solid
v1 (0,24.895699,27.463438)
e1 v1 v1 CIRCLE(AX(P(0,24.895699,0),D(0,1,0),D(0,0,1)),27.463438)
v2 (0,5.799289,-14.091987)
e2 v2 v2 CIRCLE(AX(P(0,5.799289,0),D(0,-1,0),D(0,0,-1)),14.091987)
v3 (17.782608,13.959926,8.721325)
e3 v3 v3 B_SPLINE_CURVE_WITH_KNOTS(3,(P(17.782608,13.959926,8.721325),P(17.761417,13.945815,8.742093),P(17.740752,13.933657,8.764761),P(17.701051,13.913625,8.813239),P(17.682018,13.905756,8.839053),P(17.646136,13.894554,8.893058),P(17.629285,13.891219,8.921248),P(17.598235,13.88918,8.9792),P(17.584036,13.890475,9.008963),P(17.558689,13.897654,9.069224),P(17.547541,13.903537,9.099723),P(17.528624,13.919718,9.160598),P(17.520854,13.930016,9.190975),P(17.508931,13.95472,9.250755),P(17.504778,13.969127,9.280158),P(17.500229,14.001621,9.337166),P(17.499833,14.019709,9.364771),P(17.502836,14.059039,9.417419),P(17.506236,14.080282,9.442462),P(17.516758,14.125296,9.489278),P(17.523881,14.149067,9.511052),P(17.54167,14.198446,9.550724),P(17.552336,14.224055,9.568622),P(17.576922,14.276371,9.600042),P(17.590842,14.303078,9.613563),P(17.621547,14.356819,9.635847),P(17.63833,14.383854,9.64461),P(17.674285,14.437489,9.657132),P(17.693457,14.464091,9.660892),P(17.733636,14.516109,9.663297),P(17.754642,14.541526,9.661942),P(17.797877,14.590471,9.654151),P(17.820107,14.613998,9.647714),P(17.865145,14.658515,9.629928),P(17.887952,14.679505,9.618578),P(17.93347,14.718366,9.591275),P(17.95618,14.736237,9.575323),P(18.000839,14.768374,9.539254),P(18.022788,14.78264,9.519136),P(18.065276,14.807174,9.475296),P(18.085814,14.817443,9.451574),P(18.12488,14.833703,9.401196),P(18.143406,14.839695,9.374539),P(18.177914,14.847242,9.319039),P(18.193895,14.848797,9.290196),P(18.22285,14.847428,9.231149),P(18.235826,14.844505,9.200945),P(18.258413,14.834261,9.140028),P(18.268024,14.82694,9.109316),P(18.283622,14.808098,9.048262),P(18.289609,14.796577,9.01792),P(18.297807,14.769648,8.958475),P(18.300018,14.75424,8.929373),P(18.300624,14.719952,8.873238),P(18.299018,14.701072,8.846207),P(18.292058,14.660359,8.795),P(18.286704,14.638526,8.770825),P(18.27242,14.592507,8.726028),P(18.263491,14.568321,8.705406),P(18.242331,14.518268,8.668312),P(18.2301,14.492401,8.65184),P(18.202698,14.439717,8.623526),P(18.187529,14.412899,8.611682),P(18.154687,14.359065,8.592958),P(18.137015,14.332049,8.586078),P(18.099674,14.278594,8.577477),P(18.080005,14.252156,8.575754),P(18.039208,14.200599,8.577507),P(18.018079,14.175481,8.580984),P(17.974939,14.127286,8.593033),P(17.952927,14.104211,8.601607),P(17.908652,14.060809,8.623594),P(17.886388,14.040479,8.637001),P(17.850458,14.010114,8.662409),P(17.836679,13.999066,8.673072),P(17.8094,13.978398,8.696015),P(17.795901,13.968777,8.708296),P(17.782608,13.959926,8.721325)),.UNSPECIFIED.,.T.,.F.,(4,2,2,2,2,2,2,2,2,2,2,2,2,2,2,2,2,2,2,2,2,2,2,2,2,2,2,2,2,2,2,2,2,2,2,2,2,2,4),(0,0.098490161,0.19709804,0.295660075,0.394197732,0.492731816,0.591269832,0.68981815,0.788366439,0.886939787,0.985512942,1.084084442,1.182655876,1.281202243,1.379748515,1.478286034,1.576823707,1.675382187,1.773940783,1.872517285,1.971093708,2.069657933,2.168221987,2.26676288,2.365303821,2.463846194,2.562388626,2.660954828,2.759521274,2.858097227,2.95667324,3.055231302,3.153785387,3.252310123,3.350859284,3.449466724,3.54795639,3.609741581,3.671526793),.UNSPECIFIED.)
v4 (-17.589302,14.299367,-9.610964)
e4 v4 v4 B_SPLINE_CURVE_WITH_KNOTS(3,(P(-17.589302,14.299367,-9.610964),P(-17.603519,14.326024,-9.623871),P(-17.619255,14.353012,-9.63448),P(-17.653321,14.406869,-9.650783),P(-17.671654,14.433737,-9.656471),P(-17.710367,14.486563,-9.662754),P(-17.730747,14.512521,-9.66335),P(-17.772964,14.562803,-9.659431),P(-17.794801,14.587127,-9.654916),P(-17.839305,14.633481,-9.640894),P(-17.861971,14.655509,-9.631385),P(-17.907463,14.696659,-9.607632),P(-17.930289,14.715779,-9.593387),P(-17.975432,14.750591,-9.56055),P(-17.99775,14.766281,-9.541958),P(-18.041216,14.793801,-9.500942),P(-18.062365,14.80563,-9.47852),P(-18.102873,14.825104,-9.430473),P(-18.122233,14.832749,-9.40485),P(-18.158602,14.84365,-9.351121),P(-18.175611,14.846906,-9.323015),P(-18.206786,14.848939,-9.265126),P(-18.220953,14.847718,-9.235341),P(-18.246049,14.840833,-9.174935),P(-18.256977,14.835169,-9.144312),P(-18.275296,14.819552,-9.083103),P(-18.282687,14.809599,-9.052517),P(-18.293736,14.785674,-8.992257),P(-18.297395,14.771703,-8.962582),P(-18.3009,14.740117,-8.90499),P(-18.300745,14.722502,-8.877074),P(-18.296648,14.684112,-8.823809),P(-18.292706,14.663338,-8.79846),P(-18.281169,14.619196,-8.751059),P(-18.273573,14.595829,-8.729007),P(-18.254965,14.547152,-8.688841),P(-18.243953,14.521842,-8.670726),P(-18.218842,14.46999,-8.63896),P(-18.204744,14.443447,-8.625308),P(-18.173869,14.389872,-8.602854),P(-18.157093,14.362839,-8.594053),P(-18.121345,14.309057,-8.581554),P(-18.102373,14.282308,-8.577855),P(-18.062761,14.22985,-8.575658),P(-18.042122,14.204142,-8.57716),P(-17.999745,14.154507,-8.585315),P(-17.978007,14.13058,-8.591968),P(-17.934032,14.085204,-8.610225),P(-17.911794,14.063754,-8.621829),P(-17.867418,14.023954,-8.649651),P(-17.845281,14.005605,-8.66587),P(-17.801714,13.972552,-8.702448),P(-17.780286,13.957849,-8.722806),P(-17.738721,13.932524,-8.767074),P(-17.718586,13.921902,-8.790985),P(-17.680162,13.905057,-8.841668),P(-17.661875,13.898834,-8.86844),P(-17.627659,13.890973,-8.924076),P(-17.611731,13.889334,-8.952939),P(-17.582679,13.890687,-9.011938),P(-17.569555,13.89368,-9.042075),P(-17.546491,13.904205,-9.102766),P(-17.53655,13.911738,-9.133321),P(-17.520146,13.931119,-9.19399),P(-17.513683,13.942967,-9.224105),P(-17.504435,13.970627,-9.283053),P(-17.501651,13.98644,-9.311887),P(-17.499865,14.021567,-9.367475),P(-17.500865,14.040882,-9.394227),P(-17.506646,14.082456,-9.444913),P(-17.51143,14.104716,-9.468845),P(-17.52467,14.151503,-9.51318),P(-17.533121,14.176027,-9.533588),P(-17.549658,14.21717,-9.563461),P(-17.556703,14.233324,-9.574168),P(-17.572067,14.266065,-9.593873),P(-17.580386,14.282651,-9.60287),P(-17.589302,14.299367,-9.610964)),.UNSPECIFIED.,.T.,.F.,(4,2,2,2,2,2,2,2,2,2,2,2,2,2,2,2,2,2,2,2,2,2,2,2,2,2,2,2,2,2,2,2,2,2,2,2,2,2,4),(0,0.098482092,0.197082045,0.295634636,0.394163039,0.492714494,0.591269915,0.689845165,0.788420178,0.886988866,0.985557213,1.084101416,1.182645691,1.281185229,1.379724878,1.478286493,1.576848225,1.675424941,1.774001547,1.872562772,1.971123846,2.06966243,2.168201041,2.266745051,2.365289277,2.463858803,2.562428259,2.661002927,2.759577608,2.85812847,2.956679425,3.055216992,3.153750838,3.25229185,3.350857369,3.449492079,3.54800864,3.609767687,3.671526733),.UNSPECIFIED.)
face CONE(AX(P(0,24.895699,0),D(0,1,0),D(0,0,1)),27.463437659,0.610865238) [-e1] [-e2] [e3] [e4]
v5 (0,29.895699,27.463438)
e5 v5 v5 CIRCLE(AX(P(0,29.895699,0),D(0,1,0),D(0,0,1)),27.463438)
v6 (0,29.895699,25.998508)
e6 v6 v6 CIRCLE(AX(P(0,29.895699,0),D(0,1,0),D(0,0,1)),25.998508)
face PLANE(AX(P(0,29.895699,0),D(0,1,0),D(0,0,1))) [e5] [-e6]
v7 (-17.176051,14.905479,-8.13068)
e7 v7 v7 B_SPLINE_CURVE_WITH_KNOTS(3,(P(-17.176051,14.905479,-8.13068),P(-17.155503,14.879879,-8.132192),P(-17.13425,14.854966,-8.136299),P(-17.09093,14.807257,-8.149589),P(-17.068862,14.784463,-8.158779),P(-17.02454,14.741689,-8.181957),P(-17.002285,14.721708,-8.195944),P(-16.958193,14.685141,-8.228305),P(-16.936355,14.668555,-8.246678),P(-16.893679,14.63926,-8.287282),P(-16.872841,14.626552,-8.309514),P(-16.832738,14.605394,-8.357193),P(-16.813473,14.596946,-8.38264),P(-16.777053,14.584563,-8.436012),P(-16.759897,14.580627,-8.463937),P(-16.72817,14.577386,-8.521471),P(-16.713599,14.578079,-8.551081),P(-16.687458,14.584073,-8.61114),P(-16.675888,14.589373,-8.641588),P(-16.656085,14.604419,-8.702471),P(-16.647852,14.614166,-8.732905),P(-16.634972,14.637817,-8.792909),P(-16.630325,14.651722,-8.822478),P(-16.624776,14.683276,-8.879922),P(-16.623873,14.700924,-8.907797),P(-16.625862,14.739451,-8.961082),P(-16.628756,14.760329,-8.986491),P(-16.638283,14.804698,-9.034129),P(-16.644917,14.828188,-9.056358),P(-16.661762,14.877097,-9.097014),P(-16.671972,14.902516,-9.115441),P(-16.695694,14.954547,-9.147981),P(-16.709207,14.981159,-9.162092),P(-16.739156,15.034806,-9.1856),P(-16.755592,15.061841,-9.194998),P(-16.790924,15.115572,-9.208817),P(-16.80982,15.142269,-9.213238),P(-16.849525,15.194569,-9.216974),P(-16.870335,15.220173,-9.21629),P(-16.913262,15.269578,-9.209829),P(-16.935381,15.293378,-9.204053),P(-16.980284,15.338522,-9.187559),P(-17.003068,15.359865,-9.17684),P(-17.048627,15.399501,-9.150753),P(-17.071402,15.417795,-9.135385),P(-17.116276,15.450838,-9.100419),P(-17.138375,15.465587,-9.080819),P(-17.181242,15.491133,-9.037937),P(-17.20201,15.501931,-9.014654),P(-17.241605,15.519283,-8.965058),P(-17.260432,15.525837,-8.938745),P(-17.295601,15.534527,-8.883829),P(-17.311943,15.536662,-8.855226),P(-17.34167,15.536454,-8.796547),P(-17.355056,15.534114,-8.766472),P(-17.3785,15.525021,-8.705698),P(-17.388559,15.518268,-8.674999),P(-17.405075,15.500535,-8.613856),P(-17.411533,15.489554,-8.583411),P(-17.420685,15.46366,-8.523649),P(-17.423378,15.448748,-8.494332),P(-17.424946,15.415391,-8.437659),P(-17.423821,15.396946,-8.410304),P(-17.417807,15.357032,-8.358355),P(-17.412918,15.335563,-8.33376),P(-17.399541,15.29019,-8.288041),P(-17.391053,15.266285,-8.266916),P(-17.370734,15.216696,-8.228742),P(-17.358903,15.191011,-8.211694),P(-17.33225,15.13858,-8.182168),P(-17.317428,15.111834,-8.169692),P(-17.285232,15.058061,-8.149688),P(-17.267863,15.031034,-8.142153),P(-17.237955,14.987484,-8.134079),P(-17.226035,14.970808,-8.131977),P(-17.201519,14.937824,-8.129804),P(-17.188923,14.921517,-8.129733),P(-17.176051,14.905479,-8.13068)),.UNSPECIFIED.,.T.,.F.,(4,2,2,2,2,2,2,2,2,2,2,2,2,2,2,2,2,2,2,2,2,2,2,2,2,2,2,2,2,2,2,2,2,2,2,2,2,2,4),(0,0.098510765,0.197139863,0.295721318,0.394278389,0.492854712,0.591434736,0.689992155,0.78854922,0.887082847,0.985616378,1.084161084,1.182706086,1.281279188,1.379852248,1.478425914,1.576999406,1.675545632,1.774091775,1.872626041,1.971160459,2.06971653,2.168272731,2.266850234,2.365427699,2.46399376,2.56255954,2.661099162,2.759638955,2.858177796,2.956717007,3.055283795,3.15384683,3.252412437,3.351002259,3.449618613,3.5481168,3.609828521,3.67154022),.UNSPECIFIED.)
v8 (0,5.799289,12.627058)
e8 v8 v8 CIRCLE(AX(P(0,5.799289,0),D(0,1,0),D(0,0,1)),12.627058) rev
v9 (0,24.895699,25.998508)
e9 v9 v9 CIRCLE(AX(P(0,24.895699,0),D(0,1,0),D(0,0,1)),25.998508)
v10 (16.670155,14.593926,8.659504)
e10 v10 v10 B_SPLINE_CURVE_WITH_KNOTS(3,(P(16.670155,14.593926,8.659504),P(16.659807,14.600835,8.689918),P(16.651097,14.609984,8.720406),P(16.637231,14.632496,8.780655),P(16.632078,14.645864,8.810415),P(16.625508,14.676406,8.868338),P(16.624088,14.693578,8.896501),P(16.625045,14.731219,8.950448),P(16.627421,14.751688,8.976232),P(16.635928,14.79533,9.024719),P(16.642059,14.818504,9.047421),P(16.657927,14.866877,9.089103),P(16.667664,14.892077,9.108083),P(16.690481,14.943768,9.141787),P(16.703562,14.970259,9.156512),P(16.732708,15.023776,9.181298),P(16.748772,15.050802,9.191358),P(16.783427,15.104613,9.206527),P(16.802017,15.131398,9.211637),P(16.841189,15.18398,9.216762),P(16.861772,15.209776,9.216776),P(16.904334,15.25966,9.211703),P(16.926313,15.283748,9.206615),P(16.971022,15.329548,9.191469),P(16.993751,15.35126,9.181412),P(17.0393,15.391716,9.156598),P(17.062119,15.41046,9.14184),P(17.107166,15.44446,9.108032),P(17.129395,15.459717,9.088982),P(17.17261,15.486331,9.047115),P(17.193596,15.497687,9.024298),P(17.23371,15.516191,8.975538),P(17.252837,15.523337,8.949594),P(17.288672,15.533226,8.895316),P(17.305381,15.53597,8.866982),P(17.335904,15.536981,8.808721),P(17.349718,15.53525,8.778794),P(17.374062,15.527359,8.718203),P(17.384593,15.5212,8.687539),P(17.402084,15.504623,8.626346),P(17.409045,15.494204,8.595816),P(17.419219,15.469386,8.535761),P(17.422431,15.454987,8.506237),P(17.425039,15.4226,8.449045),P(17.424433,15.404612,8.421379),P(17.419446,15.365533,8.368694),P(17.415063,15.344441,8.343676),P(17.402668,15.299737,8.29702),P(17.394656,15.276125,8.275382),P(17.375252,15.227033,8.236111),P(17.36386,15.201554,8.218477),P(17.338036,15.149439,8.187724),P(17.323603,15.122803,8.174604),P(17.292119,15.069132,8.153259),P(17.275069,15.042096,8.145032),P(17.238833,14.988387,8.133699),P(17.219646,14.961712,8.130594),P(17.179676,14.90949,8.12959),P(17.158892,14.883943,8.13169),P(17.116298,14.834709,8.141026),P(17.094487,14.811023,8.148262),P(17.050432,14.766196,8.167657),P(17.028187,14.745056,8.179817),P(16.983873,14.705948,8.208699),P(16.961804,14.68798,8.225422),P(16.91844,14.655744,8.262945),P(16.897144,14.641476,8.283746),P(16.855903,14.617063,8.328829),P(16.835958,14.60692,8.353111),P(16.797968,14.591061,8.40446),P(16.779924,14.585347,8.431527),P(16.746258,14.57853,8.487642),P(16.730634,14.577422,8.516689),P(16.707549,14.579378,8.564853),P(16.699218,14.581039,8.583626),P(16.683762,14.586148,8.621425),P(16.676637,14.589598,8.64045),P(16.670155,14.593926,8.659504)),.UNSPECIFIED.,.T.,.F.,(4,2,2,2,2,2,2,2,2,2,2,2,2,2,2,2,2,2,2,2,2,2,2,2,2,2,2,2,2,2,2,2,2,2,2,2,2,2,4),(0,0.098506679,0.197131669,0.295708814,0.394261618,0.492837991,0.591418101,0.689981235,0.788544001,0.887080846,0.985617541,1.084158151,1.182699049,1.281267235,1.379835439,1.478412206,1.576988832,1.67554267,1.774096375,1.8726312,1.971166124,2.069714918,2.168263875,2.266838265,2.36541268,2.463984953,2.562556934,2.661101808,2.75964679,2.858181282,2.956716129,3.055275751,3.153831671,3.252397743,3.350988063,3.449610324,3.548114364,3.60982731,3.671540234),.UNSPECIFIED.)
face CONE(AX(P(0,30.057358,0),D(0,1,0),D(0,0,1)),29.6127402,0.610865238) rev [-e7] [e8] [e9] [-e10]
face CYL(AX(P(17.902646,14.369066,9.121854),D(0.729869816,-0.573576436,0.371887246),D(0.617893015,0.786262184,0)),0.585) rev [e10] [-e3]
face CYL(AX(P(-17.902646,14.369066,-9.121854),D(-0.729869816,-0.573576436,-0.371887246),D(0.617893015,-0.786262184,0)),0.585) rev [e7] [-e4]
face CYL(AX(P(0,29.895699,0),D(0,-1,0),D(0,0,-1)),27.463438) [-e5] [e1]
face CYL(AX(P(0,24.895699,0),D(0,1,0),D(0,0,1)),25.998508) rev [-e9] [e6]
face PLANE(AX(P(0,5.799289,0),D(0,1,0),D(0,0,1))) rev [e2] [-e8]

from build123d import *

# Parameters (mm, degrees)
SKETCH26_R                       = 27.463437659
BOSS_EXTRUDE1_DEPTH              = 5
SKETCH27_R                       = 25.998508152
CUT_EXTRUDE1_DEPTH               = 5
F_0_55_0_55_DIAMETER_HOLE2_D     = 1.17
F_0_55_0_55_DIAMETER_HOLE2_DEPTH = 2
F_0_55_0_55_DIAMETER_HOLE2_TIP   = 0.351503462
F_0_55_0_55_DIAMETER_HOLE4_D     = 1.17
F_0_55_0_55_DIAMETER_HOLE4_DEPTH = 2
F_0_55_0_55_DIAMETER_HOLE4_TIP   = 0.351503462


with BuildPart() as part:
    # Sketch23 → Revolve3 (revolve)
    with BuildSketch(Plane(origin=(0, 0, 0), x_dir=(-1, 0, 0), z_dir=(0, 0, -1)), mode=Mode.PRIVATE) as revolve3_sk:
        Polygon((0, 24.895699348), (-27.463437659, 24.895699348), (-14.091987401, 5.799289315), (0, 5.799289315), align=None)
    revolve(revolve3_sk.sketch.rotate(Axis((0, 0, 0), (0, 1, 0)), 90), axis=Axis((0, 0, 0), (0, 1, 0)))

    # Sketch25 → Cut-Revolve3 (revolve, cut)
    with BuildSketch(Plane(origin=(0, 0, 0), x_dir=(-1, 0, 0), z_dir=(0, 0, -1)), mode=Mode.PRIVATE) as cut_revolve3_sk:
        Polygon((0, 30), (-29.6127402, 30.057357644), (-10.448606131, 2.688137772), (0, 2.666892546), align=None)
    revolve(cut_revolve3_sk.sketch.rotate(Axis((0, 0, 0), (0, 1, 0)), 270), axis=Axis((0, 0, 0), (0, 1, 0)), mode=Mode.SUBTRACT)

    # Sketch26 → Boss-Extrude1 (add)
    with BuildSketch(Plane(origin=(0, 24.895699348, 0), x_dir=(1, 0, 0), z_dir=(0, 1, 0))):
        with Locations(Location((0, 0, 0), (0, 0, 270))):
            Circle(SKETCH26_R)
    extrude(amount=BOSS_EXTRUDE1_DEPTH)

    # Sketch27 → Cut-Extrude1 (cut)
    with BuildSketch(Plane(origin=(0, 29.895699348, 0), x_dir=(1, 0, 0), z_dir=(0, 1, 0))):
        with Locations(Location((0, 0, 0), (0, 0, 270))):
            Circle(SKETCH27_R)
    extrude(amount=-CUT_EXTRUDE1_DEPTH, mode=Mode.SUBTRACT)

    # Ø0.55 (0.55) Diameter Hole2
    with Locations(Plane(origin=(17.902646224, 14.36906592, 9.121853864), x_dir=(0.617893015445, 0.786262183666, 0), z_dir=(0.729869815764, -0.573576436351, 0.371887245949))):
        with Locations((0, 0)):
            Hole(F_0_55_0_55_DIAMETER_HOLE2_D / 2, depth=F_0_55_0_55_DIAMETER_HOLE2_DEPTH)
            with Locations((0, 0, -(F_0_55_0_55_DIAMETER_HOLE2_DEPTH + F_0_55_0_55_DIAMETER_HOLE2_TIP / 2))):  # 118° drill point
                Cone(0, F_0_55_0_55_DIAMETER_HOLE2_D / 2, F_0_55_0_55_DIAMETER_HOLE2_TIP, mode=Mode.SUBTRACT)

    # Ø0.55 (0.55) Diameter Hole4
    with Locations(Plane(origin=(-17.902646224, 14.36906592, -9.121853864), x_dir=(0.617893015445, -0.786262183666, 0), z_dir=(-0.729869815764, -0.573576436351, -0.371887245949))):
        with Locations((0, 0)):
            Hole(F_0_55_0_55_DIAMETER_HOLE4_D / 2, depth=F_0_55_0_55_DIAMETER_HOLE4_DEPTH)
            with Locations((0, 0, -(F_0_55_0_55_DIAMETER_HOLE4_DEPTH + F_0_55_0_55_DIAMETER_HOLE4_TIP / 2))):  # 118° drill point
                Cone(0, F_0_55_0_55_DIAMETER_HOLE4_D / 2, F_0_55_0_55_DIAMETER_HOLE4_TIP, mode=Mode.SUBTRACT)


solid = part.part
